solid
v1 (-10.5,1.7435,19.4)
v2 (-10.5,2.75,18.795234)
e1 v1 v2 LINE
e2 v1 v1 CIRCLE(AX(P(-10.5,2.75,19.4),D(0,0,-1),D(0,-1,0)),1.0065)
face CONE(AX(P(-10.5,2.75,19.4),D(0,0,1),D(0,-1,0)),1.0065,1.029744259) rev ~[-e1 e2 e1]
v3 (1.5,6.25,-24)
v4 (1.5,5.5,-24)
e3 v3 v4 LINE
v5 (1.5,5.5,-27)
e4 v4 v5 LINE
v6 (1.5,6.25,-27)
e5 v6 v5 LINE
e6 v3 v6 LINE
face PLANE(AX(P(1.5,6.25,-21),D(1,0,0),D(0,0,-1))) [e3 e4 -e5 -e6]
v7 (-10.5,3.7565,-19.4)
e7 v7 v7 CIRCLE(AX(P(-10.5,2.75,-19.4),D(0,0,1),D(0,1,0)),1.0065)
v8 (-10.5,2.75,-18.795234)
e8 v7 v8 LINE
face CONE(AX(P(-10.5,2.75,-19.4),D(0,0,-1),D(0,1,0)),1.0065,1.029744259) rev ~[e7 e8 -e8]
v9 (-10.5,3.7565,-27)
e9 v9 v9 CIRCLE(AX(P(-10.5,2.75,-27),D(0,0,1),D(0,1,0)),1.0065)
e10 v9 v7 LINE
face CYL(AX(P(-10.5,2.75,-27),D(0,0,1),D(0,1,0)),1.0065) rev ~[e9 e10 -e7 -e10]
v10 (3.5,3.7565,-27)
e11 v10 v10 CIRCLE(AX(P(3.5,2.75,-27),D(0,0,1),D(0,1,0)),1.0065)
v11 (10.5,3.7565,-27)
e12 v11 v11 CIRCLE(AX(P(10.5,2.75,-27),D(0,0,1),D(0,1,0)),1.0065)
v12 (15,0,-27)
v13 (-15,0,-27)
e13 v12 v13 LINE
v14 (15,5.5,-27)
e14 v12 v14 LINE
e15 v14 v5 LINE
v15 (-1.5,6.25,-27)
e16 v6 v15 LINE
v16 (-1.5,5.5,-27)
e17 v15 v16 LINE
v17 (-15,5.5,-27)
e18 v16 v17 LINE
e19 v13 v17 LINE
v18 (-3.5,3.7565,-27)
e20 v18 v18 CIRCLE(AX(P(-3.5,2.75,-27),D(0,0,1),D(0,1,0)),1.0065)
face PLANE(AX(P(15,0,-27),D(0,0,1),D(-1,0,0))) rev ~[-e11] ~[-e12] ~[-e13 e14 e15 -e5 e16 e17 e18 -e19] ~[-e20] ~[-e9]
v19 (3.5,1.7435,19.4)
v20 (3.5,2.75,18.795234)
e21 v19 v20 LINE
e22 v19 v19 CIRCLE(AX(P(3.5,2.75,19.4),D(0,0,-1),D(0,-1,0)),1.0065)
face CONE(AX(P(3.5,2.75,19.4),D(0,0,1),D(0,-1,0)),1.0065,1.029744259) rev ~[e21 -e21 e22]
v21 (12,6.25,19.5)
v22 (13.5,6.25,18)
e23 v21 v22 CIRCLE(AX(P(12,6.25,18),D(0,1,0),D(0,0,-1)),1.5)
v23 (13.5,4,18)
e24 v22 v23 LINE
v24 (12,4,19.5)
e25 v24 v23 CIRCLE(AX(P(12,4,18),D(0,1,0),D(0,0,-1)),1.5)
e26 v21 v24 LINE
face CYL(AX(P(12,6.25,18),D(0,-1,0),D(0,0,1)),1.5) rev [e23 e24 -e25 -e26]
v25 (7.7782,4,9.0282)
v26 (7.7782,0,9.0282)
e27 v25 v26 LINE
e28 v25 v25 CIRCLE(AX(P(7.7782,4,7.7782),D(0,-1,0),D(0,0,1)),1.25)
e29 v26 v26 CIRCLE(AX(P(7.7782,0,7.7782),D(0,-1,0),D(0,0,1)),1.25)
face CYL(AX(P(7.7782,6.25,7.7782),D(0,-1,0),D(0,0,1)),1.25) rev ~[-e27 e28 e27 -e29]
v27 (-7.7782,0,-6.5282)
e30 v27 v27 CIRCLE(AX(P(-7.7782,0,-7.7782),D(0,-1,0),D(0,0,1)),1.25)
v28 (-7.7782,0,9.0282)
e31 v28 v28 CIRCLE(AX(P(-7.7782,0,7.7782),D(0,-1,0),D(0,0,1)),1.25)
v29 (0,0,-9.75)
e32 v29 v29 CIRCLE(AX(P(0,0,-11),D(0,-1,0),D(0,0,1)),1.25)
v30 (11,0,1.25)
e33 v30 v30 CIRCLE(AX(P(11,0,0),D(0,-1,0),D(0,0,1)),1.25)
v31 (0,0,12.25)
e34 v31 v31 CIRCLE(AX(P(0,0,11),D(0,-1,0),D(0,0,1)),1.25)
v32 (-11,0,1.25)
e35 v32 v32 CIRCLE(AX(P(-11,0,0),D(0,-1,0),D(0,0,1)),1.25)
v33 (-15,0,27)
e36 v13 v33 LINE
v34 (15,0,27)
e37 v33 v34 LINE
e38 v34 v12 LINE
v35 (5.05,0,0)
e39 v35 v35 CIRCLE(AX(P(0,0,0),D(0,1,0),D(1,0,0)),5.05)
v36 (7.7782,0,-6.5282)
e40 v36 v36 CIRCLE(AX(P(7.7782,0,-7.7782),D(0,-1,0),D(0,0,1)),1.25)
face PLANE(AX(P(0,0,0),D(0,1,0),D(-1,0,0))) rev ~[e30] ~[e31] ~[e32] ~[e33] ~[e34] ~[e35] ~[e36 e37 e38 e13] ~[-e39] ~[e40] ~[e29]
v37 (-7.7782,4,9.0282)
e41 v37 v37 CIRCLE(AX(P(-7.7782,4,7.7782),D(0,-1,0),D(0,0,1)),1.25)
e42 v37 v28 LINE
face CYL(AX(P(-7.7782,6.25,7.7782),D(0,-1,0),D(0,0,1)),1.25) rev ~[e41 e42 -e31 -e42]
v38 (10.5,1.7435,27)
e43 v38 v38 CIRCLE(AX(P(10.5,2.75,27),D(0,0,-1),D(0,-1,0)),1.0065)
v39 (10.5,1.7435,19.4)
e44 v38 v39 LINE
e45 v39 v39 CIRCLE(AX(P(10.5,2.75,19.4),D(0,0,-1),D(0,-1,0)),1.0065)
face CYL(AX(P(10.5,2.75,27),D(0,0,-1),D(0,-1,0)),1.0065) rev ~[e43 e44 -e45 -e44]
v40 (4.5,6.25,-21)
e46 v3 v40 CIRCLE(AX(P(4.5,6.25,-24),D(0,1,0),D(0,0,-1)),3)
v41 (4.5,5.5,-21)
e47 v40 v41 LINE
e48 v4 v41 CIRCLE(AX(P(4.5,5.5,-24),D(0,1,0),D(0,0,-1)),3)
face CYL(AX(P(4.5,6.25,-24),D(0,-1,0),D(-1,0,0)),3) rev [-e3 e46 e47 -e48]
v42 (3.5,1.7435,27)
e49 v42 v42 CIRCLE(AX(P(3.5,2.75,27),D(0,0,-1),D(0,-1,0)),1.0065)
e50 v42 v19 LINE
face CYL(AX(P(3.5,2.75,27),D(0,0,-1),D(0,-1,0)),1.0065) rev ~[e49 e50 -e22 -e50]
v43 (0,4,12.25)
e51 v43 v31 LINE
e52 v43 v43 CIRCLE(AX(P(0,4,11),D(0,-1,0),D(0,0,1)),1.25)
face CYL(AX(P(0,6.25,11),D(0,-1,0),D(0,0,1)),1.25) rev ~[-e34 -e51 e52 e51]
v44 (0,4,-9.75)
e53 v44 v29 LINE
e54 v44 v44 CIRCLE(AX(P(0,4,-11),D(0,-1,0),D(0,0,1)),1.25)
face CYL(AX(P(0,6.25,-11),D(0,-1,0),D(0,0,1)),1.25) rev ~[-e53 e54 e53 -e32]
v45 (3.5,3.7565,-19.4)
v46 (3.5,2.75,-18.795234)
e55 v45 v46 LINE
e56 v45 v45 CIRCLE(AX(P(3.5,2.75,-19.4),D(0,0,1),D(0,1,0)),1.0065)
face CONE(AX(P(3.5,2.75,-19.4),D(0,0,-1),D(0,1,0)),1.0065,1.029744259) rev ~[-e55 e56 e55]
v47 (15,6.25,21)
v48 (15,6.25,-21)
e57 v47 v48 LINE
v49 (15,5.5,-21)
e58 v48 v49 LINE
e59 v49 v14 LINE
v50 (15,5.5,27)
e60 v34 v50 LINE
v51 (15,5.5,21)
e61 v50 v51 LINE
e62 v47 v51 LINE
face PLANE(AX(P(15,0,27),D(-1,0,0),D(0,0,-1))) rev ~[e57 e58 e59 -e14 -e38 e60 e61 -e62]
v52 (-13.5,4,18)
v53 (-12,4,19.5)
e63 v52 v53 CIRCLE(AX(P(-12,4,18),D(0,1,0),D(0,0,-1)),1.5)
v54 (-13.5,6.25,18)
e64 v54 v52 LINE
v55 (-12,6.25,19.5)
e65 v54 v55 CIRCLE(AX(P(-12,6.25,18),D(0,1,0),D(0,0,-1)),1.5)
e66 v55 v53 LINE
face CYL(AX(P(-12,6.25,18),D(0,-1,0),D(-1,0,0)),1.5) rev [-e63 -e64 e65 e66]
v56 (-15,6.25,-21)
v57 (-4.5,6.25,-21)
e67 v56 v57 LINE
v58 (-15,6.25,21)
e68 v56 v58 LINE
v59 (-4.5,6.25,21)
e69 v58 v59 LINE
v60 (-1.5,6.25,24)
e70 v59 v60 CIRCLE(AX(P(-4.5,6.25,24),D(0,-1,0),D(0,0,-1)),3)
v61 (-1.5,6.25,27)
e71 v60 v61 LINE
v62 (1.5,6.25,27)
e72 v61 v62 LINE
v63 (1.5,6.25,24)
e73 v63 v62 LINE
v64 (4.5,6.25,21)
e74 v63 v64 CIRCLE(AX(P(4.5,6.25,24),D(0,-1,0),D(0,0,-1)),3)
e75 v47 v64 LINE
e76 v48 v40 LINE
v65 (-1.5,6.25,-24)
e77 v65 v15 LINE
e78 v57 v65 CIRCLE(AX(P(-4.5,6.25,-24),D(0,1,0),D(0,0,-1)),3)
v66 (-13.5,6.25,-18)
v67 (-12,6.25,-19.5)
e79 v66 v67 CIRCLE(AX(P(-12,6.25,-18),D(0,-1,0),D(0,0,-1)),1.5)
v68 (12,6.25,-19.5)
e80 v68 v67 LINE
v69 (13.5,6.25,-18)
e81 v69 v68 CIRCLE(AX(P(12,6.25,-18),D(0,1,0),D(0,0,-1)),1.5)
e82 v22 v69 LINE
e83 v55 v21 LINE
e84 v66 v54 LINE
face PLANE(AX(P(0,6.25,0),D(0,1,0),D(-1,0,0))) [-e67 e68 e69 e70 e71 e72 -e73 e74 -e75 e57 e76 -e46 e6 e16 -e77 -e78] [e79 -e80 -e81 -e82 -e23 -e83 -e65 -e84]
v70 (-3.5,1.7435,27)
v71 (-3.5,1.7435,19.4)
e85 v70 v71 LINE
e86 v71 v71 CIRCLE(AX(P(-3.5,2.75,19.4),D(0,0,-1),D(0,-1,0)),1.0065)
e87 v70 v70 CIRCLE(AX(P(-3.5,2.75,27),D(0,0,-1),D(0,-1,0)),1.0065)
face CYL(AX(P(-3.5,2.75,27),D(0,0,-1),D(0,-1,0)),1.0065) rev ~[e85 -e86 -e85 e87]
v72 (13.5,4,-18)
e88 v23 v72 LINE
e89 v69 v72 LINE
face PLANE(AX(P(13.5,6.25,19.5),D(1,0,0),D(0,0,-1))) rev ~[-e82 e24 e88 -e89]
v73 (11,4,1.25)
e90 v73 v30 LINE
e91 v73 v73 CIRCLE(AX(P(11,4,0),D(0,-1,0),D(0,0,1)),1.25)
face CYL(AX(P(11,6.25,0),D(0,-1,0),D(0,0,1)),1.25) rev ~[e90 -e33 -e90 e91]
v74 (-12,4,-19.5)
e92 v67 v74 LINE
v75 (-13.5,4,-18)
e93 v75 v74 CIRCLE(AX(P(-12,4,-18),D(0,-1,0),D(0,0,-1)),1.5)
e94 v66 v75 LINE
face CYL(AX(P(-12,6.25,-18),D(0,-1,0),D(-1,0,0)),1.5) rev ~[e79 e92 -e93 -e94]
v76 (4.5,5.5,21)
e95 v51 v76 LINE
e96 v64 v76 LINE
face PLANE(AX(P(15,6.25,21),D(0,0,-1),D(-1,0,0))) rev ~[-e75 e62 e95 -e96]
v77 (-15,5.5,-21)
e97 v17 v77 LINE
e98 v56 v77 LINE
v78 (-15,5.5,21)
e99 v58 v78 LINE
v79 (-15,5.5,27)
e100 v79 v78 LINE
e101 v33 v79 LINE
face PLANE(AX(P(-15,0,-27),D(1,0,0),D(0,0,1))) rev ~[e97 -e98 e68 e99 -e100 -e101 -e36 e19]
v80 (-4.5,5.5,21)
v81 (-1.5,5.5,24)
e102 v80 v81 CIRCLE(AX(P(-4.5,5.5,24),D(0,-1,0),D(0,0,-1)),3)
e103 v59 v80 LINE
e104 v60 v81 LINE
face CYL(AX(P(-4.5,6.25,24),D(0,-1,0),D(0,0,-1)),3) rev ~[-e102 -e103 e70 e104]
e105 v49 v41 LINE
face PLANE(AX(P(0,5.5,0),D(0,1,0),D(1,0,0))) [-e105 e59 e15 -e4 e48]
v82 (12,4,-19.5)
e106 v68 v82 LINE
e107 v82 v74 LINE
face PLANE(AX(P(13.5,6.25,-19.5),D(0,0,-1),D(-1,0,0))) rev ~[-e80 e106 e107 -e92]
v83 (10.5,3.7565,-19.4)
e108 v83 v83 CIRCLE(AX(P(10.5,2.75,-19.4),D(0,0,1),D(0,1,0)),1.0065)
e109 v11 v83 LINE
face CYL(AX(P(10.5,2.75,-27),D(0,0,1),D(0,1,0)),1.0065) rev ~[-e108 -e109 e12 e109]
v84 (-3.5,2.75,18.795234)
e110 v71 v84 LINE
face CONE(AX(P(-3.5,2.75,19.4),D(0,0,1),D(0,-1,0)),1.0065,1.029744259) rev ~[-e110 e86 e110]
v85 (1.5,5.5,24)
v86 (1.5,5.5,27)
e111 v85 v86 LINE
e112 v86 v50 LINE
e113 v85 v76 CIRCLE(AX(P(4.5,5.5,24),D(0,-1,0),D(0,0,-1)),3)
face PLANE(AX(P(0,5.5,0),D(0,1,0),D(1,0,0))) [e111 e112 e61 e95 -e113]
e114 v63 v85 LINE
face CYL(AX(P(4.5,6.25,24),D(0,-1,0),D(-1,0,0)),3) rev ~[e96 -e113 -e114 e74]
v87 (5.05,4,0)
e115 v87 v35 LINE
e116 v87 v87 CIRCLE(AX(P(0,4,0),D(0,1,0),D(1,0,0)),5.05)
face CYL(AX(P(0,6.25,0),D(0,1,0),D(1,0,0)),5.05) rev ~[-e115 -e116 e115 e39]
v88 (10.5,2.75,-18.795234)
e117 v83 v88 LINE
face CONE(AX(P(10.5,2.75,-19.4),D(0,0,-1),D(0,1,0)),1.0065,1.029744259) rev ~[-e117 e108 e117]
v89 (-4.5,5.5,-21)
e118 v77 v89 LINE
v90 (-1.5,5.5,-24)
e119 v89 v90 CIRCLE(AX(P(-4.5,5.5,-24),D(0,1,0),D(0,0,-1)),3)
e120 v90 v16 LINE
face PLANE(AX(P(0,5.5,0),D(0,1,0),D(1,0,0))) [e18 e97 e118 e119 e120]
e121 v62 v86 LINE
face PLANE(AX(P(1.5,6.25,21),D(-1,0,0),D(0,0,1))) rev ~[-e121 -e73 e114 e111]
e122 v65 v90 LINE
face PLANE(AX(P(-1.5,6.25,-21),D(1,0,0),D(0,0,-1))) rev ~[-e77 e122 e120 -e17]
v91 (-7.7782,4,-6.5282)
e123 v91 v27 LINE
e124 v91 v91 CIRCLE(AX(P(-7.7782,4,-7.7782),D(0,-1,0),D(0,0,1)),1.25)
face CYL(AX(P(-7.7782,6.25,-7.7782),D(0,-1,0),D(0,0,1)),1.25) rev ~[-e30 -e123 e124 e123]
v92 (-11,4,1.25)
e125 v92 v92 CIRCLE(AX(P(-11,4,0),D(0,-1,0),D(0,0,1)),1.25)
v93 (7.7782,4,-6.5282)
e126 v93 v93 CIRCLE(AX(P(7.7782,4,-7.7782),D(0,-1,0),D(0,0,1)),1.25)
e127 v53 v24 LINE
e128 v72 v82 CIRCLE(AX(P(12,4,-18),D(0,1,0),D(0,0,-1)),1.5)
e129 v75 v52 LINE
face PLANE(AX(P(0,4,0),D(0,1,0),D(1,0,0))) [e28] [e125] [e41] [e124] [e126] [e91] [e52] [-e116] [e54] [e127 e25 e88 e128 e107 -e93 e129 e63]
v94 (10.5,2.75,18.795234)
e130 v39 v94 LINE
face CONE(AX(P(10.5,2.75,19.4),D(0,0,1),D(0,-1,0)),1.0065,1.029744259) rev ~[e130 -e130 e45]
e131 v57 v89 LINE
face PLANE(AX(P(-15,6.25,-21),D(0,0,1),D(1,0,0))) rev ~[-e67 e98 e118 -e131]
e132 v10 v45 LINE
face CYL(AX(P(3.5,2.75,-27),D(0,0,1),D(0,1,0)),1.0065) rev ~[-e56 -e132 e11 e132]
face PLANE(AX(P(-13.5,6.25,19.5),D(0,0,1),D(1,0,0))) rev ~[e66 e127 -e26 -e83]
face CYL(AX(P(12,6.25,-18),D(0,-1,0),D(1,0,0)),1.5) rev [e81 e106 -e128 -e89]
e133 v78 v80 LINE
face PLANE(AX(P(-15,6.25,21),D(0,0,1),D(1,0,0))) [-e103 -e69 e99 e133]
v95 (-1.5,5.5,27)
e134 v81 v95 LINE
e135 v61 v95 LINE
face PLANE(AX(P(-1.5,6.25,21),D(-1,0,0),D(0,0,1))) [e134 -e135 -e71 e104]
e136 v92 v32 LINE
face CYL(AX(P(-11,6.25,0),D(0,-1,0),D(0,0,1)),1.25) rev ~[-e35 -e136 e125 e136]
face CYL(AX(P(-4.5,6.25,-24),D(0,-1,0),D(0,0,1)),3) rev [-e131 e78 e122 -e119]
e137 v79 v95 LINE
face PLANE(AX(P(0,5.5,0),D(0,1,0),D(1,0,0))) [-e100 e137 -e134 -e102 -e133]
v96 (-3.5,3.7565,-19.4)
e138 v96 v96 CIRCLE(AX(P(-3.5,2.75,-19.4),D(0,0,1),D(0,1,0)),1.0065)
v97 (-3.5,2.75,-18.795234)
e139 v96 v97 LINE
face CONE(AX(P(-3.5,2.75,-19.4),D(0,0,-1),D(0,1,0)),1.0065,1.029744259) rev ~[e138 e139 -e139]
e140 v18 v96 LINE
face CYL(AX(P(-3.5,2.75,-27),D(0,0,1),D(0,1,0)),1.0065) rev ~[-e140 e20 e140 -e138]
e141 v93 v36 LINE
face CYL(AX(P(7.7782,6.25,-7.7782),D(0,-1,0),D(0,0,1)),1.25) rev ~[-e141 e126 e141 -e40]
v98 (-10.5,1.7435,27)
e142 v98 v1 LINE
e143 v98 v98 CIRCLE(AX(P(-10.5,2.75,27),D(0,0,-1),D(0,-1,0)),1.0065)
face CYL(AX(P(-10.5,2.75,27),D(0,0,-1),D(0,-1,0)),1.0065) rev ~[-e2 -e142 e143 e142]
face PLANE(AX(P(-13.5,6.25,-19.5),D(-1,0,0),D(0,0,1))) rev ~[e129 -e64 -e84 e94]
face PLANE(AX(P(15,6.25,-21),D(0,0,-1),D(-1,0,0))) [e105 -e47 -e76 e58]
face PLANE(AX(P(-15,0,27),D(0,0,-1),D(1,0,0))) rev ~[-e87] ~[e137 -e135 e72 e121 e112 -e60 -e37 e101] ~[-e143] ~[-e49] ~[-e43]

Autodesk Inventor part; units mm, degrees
ref_plane "YZ Plane" through (0, 0, 0) normal (1, 0, 0) x (0, 1, 0)
ref_plane "XZ Plane" through (0, 0, 0) normal (0, 1, 0) x (-1, 0, 0)
ref_plane "XY Plane" through (0, 0, 0) normal (0, 0, 1) x (1, 0, 0)
sketch "Sketch1" plane through (0, 0, 0) normal (0, 1, 0) x (-1, 0, 0)
  line L0 (15, 27) -> (-15, 27)
  line L1 (-15, 27) -> (-15, -27)
  line L2 (-15, -27) -> (15, -27)
  line L3 (15, -27) -> (15, 27)
  line L4 (0, 27) -> (0, -27) construction
  line L5 (15, 0) -> (-15, 0) construction
  point P0 (0, 0)
  point P1 (0, 0)
  point P2 (15, 0)
  dimension "d0" = 54
  dimension "d1" = 30
extrude "Extrusion1" add sketch "Sketch1" along normal blind 6.25
sketch "Sketch2" plane through (0, 6.25, 0) normal (0, 1, 0) x (1, 0, 0)
  circle A0 centre (0, 0) radius 11 construction
  line L0 (0, 0) -> (-15, 0) construction
  line L1 (-35.2782, 0) -> (23.3797, 0) construction
  line L2 (0, 37.8) -> (0, -37.8) construction
  line L3 (-15, -27) -> (15, -27) projected
  line L4 (15, -27) -> (15, 27) projected
  line L5 (15, 27) -> (-15, 27) projected
  line L6 (-15, 27) -> (-15, -27) projected
  line L7 (-15, 27) -> (-15, -27) projected
  point P0 (-11, 0)
  point P1 (-7.7782, -7.7782)
  point P2 (0, -11)
  point P3 (7.7782, -7.7782)
  point P4 (11, 0)
  point P5 (7.7782, 7.7782)
  point P6 (0, 11)
  point P7 (-7.7782, 7.7782)
  dimension "d7" = 22
  dimension "d8" = 360
hole "Hole1" at (-11, 6.25, 0) at (-7.7782, 6.25, -7.7782) at (0, 6.25, -11) at (7.7782, 6.25, -7.7782) at (11, 6.25, 0) at (7.7782, 6.25, 7.7782) at (0, 6.25, 11) at (-7.7782, 6.25, 7.7782) direction (0, -1, 0) diameter 2.5 end through all
sketch "Sketch3" plane through (0, 6.25, 0) normal (0, 1, 0) x (1, 0, 0)
  circle A0 centre (0, 0) radius 5.05
  dimension "d17" = 10.1
extrude "Extrusion2" cut sketch "Sketch3" against normal through all
sketch "Sketch6" plane through (-15, 0, 27) normal (0, 0, 1) x (1, 0, 0)
  line L0 (-10.3797, 2.75) -> (37.9037, 2.75) construction
  line L1 (0, 0) -> (30, 0) construction
  line L2 (0, 0) -> (0, 6.25) projected
  point P0 (15, 0)
  point P1 (4.5, 2.75)
  point P2 (11.5, 2.75)
  point P3 (18.5, 2.75)
  point P4 (25.5, 2.75)
  dimension "d33" = 2.75
  dimension "d34" = 4.5
  dimension "d37" = 7
hole "Hole3" at (-10.5, 2.75, 27) at (-3.5, 2.75, 27) at (3.5, 2.75, 27) at (10.5, 2.75, 27) direction (0, 0, -1) diameter 2.013 depth 7.6 tip angle 118 thread size "M2.5x0.45" class "6H" standard "ANSI Metric M Profile"
sketch "Sketch7" plane through (15, 0, -27) normal (0, 0, -1) x (-1, 0, 0)
  line L0 (-10.51, 2.75) -> (37.7733, 2.75) construction
  line L1 (0, 0) -> (29.8697, 0) construction
  line L2 (0, 0) -> (0, 3.7534)
  line L3 (0, 0) -> (30, 0) projected
  line L4 (0, 0) -> (0, 6.25) projected
  point P0 (15, 0)
  point P1 (15, 0)
  point P2 (4.5, 2.75)
  point P3 (11.5, 2.75)
  point P4 (18.5, 2.75)
  point P5 (25.5, 2.75)
  dimension "d53" = 2.75
  dimension "d54" = 4.5
  dimension "d55" = 7
hole "Hole4" at (10.5, 2.75, -27) at (-10.5, 2.75, -27) at (-3.5, 2.75, -27) at (3.5, 2.75, -27) direction (0, 0, 1) diameter 2.013 depth 7.6 tip angle 118 thread size "M2.5x0.45" class "6H" standard "ANSI Metric M Profile"
sketch "Sketch8" plane through (0, 6.25, 0) normal (0, 1, 0) x (1, 0, 0)
  line L0 (0, 38.85) -> (0, -39.55) construction
  line L1 (-15, -27) -> (15, -27) projected
  line L2 (15, 27) -> (-15, 27) projected
  line L3 (-1.5, -27) -> (-15, -27)
  line L4 (-15, -27) -> (-15, -21)
  line L5 (-15, -21) -> (-1.5, -21)
  line L6 (1.5, -27) -> (15, -27)
  line L7 (15, -27) -> (15, -21)
  line L8 (15, -21) -> (1.5, -21)
  line L9 (15, -27) -> (15, 27) projected
  line L10 (-15, 27) -> (-15, -27) projected
  line L11 (-1.5, -21) -> (-1.5, -27)
  line L12 (-15, -27) -> (15, -27) projected
  line L13 (1.5, -21) -> (1.5, -27)
  line L14 (-15, 0) -> (15, 0) construction
  line L15 (-1.5, 27) -> (-15, 27)
  line L16 (-15, 27) -> (-15, 21)
  line L17 (-15, 21) -> (-1.5, 21)
  line L18 (1.5, 27) -> (15, 27)
  line L19 (15, 27) -> (15, 21)
  line L20 (15, 21) -> (1.5, 21)
  line L21 (-1.5, 21) -> (-1.5, 27)
  line L22 (1.5, 21) -> (1.5, 27)
  line L23 (-21.8515, -25) -> (23.2072, -25) construction
  point P0 (0, 0)
  dimension "d80" = 6
  dimension "d81" = 3
  dimension "d82" = 13.5
  dimension "d86" = 2
extrude "Extrusion6" cut sketch "Sketch8" against normal blind 0.75 contours L4 L5 L11 L1 | L13 L8 L7 L1 | L10 L2 L21 L17 | L20 L22 L2 L9
fillet "Fillet1" radius 3 4 edges at (1.5, 5.875, 21) (-1.5, 5.875, 21) (1.5, 5.875, -21) (-1.5, 5.875, -21)
sketch "Sketch11" plane through (0, 6.25, 0) normal (0, 1, 0) x (1, 0, 0)
  line L0 (-13.5, -19.5) -> (13.5, -19.5)
  line L1 (13.5, -19.5) -> (13.5, 19.5)
  line L2 (13.5, 19.5) -> (-13.5, 19.5)
  line L3 (-13.5, 19.5) -> (-13.5, -19.5)
  line L4 (-15, 21) -> (-15, -21) projected
  line L5 (15, -21) -> (15, 21) projected
  line L6 (-1.5, -27) -> (-15, -27) projected
  line L7 (-15, 27) -> (-1.5, 27) projected
  point P0 (0, 0)
  dimension "d87" = 7.5
  dimension "d88" = 7.5
  dimension "d91" = 1.5
  dimension "d92" = 1.5
extrude "Extrusion7" cut sketch "Sketch11" against normal blind 2.25
fillet "Fillet2" radius 1.5 4 edges at (-13.5, 5.125, 19.5) (13.5, 5.125, 19.5) (13.5, 5.125, -19.5) (-13.5, 5.125, -19.5)
equation "\"d0\" = u_internal_width + 2 * u_side_trace_depth"
equation "\"d1\" = u_internal_depth"
equation "\"d3\" = plate_thickness"
equation "\"d7\" = d9"
equation "\"d18\" = plate_thickness"
equation "\"d33\" = hole_2_bottom"
equation "\"d53\" = hole_2_bottom"
equation "\"d83\" = plate_thickness - border_thickness"
equation "\"plate_thickness\" = 6.25"
equation "\"d9\" = 22"
equation "\"tol\" = 0.1"
equation "\"u_internal_width\" = 52"
equation "\"u_internal_depth\" = 30"
equation "\"u_side_trace_depth\" = 1"
equation "\"border_thickness\" = 5.5"
equation "\"hole_2_bottom\" = 0.5 * border_thickness"
properties part number "new_base_u106_long_newbearing" material "Aluminum 2014-T4"
